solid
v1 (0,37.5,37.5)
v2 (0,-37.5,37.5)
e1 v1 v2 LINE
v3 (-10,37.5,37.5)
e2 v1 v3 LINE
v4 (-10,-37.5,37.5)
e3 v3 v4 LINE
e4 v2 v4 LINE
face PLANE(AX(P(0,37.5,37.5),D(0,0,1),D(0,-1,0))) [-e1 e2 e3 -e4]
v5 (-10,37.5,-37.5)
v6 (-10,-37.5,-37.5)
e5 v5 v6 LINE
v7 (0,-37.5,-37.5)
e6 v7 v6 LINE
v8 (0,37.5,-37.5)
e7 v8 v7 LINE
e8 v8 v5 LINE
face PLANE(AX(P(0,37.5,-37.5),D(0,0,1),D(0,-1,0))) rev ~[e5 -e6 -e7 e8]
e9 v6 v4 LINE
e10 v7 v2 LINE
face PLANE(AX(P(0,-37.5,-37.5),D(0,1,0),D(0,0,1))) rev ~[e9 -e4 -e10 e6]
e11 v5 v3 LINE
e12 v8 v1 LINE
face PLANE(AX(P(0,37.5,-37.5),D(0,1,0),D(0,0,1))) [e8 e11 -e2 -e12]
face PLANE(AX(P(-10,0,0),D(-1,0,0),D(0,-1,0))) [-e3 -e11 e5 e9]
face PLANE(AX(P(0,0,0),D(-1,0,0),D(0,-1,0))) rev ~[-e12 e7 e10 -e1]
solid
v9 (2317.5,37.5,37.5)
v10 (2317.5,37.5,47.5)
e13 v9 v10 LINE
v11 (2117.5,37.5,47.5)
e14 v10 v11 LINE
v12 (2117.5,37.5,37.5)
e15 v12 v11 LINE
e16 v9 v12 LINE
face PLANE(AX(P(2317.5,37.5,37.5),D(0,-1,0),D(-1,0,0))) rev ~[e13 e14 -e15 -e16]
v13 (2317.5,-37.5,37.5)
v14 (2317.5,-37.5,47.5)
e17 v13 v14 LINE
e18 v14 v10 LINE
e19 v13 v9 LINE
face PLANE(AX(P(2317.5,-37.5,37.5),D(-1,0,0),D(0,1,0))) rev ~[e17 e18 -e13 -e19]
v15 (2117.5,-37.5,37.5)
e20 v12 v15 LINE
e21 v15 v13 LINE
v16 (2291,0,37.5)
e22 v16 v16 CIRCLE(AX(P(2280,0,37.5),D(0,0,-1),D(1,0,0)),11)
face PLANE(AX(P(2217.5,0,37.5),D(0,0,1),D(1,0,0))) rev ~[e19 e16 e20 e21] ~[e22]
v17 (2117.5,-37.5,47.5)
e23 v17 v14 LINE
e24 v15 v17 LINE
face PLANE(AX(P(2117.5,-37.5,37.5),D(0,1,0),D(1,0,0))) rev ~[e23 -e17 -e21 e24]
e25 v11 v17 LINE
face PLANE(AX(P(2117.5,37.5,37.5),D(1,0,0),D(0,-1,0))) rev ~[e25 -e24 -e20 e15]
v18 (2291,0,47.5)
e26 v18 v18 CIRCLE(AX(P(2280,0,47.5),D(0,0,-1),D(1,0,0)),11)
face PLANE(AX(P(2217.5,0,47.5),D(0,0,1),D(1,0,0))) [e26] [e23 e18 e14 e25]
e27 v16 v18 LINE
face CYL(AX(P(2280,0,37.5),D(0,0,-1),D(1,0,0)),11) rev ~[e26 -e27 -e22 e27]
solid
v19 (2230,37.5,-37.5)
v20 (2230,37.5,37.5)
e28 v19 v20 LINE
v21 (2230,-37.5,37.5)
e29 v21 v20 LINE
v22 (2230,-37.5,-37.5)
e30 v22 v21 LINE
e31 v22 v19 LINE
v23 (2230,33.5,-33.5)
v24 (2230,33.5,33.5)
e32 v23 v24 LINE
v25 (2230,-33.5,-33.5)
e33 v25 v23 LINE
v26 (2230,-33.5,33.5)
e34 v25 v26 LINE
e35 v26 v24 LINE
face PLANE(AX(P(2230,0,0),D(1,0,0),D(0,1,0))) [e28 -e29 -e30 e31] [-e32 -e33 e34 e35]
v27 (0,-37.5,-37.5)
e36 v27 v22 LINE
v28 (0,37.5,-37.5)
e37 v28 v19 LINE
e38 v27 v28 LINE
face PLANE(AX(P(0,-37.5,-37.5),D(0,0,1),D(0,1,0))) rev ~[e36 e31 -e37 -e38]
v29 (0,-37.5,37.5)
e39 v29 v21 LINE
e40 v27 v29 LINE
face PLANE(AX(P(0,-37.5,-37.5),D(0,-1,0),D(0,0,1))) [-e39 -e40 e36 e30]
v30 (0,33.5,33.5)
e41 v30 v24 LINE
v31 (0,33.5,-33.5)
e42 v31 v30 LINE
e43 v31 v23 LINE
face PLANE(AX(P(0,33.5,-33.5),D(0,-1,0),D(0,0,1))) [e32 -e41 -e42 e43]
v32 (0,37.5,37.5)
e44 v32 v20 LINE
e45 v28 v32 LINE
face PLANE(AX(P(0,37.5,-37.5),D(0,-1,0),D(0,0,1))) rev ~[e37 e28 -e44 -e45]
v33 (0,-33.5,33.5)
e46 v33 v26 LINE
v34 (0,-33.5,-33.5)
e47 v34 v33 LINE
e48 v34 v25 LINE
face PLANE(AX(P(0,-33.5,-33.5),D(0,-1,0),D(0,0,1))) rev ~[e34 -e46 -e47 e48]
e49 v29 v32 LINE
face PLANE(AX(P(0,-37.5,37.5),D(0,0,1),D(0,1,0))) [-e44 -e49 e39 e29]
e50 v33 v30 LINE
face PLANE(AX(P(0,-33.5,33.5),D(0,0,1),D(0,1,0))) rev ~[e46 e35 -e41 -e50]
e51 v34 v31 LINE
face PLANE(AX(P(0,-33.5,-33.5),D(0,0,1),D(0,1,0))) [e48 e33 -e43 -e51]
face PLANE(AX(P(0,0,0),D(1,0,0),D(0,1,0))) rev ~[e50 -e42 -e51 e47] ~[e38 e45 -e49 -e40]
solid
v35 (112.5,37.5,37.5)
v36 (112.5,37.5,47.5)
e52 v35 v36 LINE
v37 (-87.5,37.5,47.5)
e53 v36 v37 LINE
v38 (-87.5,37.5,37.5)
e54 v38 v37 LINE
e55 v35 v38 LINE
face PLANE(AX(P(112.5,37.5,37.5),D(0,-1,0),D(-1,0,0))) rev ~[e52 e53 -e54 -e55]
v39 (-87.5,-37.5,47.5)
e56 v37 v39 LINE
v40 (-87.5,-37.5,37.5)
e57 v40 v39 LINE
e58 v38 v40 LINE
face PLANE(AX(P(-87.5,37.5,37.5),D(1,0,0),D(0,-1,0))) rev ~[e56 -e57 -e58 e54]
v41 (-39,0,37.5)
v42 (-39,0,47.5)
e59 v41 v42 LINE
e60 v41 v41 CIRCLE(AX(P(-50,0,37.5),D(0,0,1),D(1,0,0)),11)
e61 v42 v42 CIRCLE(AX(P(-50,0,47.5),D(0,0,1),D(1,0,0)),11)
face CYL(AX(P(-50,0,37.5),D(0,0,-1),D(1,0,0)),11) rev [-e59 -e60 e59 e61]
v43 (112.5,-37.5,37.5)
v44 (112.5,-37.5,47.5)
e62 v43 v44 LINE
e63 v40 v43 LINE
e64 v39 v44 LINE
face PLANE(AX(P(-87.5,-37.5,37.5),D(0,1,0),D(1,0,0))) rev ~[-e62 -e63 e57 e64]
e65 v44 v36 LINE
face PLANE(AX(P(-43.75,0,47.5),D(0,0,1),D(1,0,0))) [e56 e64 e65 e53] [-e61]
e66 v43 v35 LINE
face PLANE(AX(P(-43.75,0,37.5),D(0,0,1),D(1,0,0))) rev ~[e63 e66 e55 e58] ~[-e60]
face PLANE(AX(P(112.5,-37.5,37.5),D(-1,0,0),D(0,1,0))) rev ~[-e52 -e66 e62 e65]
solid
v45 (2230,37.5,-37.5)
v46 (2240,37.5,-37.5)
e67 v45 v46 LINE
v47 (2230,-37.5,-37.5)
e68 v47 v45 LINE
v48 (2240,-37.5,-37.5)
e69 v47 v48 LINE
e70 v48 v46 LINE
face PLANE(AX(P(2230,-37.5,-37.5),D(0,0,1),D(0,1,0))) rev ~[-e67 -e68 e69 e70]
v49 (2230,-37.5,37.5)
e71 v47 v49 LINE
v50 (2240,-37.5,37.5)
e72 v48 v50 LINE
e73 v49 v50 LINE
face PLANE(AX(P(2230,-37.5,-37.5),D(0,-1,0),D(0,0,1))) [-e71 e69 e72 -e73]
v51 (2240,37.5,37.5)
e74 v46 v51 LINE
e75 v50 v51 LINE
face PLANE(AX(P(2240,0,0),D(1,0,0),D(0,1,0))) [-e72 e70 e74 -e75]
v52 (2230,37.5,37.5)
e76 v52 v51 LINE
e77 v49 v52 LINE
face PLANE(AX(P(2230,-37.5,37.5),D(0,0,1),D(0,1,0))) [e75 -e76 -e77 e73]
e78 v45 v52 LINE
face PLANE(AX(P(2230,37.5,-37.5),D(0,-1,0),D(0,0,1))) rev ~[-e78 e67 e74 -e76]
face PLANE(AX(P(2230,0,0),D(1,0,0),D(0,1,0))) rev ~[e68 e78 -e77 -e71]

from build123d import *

# Parameters (mm, degrees)
F0_W     = 75
F0_H     = 75
F0_W_2   = 67
F0_H_2   = 67
F1_DEPTH = 2230
F2_W     = 75
F2_H     = 75
F3_DEPTH = 10
F4_W     = 75
F4_H     = 75
F5_DEPTH = 10
F6_R     = 11
F7_DEPTH = 10
F9_DEPTH = 10


with BuildPart() as f1:
    # F0 (on Right) → F1 (new body)
    with BuildSketch(Plane.YZ):
        Rectangle(F0_W, F0_H)
        Rectangle(F0_W_2, F0_H_2, mode=Mode.SUBTRACT)
    extrude(amount=F1_DEPTH)


with BuildPart() as f3:
    # F2 (on face) → F3 (new body)
    with BuildSketch(Plane.YZ.offset(2230)):
        Rectangle(F2_W, F2_H)
    extrude(amount=F3_DEPTH)


with BuildPart() as f5:
    # F4 (on face) → F5 (new body)
    with BuildSketch(Plane(origin=(0, 0, 0), x_dir=(0, -1, 0), z_dir=(-1, 0, 0))):
        Rectangle(F4_W, F4_H)
    extrude(amount=F5_DEPTH)


with BuildPart() as f7:
    # F6 (on face) → F7 (new body)
    with BuildSketch(Plane.XY.offset(37.5)):
        Polygon((0, -37.5), (0, 0), (0, 37.5), (-87.5, 37.5), (-87.5, -37.5), align=None)
        with Locations((-50, 0)):
            Circle(F6_R, mode=Mode.SUBTRACT)
        Polygon((0, 37.5), (0, 0), (0, -37.5), (112.5, -37.5), (112.5, 37.5), align=None)
    extrude(amount=F7_DEPTH)


with BuildPart() as f9:
    # F8 (on face) → F9 (new body)
    with BuildSketch(Plane.XY.offset(37.5)):
        Polygon((2117.5, -37.5), (2230, -37.5), (2317.5, -37.5), (2317.5, 37.5), (2117.5, 37.5), align=None)
        with BuildLine():
            ThreePointArc((2269, 0), (2280, 11), (2291, 0))
            ThreePointArc((2291, 0), (2280, -11), (2269, 0))
        make_face(mode=Mode.SUBTRACT)
    extrude(amount=F9_DEPTH)


solid = Compound([f1.part, f3.part, f5.part, f7.part, f9.part])
